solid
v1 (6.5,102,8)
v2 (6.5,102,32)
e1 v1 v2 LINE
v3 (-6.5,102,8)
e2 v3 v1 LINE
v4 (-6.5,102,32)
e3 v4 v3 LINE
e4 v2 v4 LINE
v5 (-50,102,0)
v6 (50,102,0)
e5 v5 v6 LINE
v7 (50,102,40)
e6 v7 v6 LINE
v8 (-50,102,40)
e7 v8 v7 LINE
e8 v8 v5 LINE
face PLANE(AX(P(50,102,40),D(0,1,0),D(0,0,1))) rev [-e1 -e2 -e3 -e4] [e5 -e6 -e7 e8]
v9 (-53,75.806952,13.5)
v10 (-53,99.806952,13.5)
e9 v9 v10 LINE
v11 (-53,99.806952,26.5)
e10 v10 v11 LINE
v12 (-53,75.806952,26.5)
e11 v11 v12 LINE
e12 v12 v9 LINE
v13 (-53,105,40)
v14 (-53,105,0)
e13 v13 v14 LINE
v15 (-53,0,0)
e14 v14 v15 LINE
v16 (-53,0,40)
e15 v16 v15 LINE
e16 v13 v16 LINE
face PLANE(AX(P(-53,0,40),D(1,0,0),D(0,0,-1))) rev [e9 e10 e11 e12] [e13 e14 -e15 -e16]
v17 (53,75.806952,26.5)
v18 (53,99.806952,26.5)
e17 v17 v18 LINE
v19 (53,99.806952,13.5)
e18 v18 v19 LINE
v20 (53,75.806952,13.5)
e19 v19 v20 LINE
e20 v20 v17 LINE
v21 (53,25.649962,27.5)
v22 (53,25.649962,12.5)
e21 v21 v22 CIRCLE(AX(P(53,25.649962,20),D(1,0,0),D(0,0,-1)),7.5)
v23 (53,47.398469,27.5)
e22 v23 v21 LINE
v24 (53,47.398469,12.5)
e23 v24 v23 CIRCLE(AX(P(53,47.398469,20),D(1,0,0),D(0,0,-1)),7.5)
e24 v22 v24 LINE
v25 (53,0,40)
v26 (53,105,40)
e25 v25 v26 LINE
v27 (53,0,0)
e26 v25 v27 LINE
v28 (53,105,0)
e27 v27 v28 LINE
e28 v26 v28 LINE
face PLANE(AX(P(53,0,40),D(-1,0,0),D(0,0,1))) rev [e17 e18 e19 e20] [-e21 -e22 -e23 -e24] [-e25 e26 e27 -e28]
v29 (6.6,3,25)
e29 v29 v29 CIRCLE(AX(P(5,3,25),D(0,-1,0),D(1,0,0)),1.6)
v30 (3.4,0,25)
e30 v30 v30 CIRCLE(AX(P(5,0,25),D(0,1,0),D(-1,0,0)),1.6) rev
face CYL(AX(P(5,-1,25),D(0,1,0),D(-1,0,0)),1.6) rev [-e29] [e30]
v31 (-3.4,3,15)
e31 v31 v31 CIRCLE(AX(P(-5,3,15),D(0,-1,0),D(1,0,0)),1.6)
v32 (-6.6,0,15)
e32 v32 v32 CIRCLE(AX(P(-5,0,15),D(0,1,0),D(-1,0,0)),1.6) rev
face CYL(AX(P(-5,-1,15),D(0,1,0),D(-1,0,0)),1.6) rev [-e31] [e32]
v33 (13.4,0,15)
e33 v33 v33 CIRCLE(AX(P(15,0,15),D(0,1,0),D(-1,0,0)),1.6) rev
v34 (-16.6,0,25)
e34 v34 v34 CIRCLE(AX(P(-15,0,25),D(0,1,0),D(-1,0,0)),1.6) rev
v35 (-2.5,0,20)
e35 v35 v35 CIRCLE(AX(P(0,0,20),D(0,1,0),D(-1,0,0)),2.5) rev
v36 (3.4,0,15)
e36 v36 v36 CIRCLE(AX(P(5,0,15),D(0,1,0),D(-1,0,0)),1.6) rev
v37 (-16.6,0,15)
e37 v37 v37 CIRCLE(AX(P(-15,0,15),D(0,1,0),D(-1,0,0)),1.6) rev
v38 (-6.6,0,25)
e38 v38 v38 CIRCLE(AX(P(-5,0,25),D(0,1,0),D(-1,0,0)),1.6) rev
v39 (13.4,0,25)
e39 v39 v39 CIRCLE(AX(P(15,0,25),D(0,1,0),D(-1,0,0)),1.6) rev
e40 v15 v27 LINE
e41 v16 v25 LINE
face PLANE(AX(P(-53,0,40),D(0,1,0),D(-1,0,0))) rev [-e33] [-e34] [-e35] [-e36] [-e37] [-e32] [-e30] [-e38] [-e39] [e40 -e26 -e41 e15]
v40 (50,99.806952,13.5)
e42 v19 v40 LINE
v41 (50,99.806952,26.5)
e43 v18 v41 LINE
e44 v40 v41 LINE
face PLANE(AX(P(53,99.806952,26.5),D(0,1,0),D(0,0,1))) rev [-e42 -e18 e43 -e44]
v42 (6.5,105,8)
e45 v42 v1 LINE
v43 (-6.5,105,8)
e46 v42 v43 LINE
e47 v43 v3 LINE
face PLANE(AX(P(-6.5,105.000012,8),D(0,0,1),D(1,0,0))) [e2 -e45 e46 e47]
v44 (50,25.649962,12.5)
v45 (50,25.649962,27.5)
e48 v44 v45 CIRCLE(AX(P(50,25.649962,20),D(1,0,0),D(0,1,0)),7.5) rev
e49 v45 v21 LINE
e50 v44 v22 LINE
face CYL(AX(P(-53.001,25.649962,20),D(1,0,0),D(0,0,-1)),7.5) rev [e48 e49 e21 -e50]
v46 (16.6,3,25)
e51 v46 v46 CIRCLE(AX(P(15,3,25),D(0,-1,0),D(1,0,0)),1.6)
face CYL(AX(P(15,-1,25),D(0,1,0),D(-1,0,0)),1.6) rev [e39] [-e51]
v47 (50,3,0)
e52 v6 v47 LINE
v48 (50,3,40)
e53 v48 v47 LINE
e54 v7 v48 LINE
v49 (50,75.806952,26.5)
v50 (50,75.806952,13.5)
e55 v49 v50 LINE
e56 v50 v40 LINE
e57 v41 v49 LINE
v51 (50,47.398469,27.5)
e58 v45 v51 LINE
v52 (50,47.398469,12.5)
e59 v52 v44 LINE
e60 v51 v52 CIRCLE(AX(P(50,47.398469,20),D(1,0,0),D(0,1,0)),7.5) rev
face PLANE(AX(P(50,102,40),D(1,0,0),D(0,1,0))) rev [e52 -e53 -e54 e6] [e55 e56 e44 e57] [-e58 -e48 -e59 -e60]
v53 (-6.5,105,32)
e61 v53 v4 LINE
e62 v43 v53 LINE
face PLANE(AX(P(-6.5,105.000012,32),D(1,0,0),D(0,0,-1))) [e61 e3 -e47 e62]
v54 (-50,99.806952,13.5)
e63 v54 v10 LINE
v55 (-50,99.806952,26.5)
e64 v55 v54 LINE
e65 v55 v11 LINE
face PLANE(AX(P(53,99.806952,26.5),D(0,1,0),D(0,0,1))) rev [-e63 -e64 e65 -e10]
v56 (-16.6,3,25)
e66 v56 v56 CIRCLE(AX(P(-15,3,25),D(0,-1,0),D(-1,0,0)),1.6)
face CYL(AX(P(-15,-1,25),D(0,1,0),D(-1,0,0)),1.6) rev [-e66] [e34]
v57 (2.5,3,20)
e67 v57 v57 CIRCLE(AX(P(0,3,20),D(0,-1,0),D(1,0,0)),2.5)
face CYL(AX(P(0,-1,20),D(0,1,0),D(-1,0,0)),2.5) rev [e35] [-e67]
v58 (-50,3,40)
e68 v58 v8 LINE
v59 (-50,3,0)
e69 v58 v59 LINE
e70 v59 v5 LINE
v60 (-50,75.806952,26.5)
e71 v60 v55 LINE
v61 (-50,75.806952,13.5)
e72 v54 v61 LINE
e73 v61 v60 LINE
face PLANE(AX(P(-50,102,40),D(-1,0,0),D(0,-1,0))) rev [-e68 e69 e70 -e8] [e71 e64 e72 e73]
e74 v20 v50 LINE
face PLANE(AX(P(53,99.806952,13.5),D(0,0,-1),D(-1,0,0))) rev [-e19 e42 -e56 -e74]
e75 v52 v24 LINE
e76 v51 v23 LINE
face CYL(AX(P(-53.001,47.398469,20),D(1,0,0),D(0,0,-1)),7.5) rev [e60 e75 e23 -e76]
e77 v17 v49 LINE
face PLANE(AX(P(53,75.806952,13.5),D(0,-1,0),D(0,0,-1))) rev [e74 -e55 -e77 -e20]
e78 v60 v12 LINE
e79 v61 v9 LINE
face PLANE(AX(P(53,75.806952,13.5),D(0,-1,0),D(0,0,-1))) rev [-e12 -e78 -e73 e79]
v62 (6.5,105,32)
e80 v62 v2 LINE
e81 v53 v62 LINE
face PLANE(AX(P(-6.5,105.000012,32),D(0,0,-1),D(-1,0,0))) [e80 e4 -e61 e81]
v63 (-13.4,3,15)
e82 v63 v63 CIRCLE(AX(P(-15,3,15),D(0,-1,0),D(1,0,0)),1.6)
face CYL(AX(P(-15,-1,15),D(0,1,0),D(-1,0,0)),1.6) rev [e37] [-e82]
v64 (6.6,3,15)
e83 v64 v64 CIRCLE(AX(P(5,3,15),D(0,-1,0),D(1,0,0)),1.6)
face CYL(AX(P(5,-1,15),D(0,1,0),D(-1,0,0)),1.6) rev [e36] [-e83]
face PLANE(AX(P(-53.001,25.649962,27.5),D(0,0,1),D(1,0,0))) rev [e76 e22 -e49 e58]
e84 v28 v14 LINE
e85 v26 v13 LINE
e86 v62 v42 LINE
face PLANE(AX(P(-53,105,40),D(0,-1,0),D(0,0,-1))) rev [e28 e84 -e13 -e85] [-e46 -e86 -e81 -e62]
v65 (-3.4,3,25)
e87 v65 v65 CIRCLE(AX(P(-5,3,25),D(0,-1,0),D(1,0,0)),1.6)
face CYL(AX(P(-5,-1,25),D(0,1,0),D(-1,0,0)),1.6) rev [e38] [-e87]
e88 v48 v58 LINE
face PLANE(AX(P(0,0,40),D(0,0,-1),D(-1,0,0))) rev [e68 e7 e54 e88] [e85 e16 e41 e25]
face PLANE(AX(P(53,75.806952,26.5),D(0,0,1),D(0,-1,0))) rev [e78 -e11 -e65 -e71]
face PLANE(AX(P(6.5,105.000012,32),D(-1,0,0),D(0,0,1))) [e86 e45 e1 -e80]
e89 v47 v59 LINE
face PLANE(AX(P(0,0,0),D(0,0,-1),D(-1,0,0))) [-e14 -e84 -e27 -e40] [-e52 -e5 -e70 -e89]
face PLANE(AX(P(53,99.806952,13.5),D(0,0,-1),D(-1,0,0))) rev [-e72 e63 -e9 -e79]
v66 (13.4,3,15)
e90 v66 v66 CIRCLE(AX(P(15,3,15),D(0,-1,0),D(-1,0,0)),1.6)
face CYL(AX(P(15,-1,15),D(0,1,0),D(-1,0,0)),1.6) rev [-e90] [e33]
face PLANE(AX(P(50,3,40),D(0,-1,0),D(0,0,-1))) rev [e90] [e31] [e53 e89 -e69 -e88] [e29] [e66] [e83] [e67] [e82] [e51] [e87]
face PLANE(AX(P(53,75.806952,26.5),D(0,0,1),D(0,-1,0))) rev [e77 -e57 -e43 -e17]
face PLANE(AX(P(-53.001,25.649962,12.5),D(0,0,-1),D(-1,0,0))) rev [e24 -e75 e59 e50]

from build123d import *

# Parameters (mm, degrees)
SKETCH_1_W                      = 106
SKETCH_1_H                      = 105
EXTRUDE_1_DEPTH                 = 40
CUT_EXTRUDE_1_DEPTH             = 125.233650836
CUT_EXTRUDE_1_DEPTH_BACK        = 125.233650836
SKETCH_3_W                      = 100
SKETCH_3_H                      = 99
CUT_EXTRUDE_3_DEPTH             = 1
CUT_EXTRUDE_3_DEPTH_BACK        = 3
SKETCH_7_R                      = 2.5
SKETCH_7_R_2                    = 1.6
CUT_EXTRUDE_4_REACH             = 126.234
SKETCH_6_W                      = 13
SKETCH_6_H                      = 24
CUT_EXTRUDE_4_DIRECTION_2_DEPTH = 125.233650836
CUT_EXTRUDE_5_DEPTH             = 155.470061824
CUT_EXTRUDE_5_DEPTH_BACK        = 155.470061824
SKETCH_10_W                     = 13
SKETCH_10_H                     = 24
CUT_EXTRUDE_6_REACH             = 156.47
CUT_EXTRUDE_6_DIRECTION_2_DEPTH = 155.470061824


with BuildPart() as part:
    # 草图1 → 凸台-拉伸1 (new body)
    with BuildSketch(Plane.XY):
        with Locations((0, 52.5)):
            Rectangle(SKETCH_1_W, SKETCH_1_H)
    extrude(amount=EXTRUDE_1_DEPTH)

    # 草图3 → 切除-拉伸1 (cut, two sides: drawn at the far end of the back side and taken through both)
    with BuildSketch(Plane(origin=(0, 0, 0), x_dir=(-1, 0, 0), z_dir=(0, 0, -1)).offset(-CUT_EXTRUDE_1_DEPTH_BACK)):
        with Locations((0, 52.5)):
            Rectangle(SKETCH_3_W, SKETCH_3_H)
    extrude(amount=CUT_EXTRUDE_1_DEPTH + CUT_EXTRUDE_1_DEPTH_BACK, mode=Mode.SUBTRACT)

    # 草图7 → 切除-拉伸3 (cut, two sides: drawn at the far end of the back side and taken through both)
    with BuildSketch(Plane.XZ.offset(-CUT_EXTRUDE_3_DEPTH_BACK)):
        with Locations(Location((0, 20, 0), (0, 0, 180))):
            Circle(SKETCH_7_R)
        with Locations(Location((5, 25, 0), (0, 0, 180))):
            Circle(SKETCH_7_R_2)
        with Locations(Location((5, 15, 0), (0, 0, 180))):
            Circle(SKETCH_7_R_2)
        with Locations(Location((-5, 15, 0), (0, 0, 180))):
            Circle(SKETCH_7_R_2)
        with Locations(Location((-5, 25, 0), (0, 0, 180))):
            Circle(SKETCH_7_R_2)
        with Locations(Location((15, 25, 0), (0, 0, 180))):
            Circle(SKETCH_7_R_2)
        with Locations(Location((-15, 25, 0), (0, 0, 180))):
            Circle(SKETCH_7_R_2)
        with Locations(Location((15, 15, 0), (0, 0, 180))):
            Circle(SKETCH_7_R_2)
        with Locations(Location((-15, 15, 0), (0, 0, 180))):
            Circle(SKETCH_7_R_2)
    extrude(amount=CUT_EXTRUDE_3_DEPTH + CUT_EXTRUDE_3_DEPTH_BACK, mode=Mode.SUBTRACT)

    # 草图6 → 切除-拉伸4 (cut, up to next)
    with BuildSketch(Plane(origin=(0, 105, 0), x_dir=(1, 0, 0), z_dir=(0, 1, 0)), mode=Mode.PRIVATE) as cut_extrude_4_sk1:
        with Locations((0, -20)):
            Rectangle(SKETCH_6_W, SKETCH_6_H)
    cut_extrude_4_tool1 = extrude(cut_extrude_4_sk1.sketch, amount=-CUT_EXTRUDE_4_REACH, mode=Mode.PRIVATE) & part.part
    add(cut_extrude_4_tool1.solids().sort_by_distance((0, 105, 20))[0], mode=Mode.SUBTRACT)

    # 草图6 → 切除-拉伸4 direction 2 (cut)
    with BuildSketch(Plane(origin=(0, 105, 0), x_dir=(1, 0, 0), z_dir=(0, 1, 0))):
        with Locations((0, -20)):
            Rectangle(SKETCH_6_W, SKETCH_6_H)
    extrude(amount=CUT_EXTRUDE_4_DIRECTION_2_DEPTH, mode=Mode.SUBTRACT)

    # 草图10 → 切除-拉伸5 (cut, two sides: drawn at the far end of the back side and taken through both)
    with BuildSketch(Plane.ZY.offset(53).offset(-CUT_EXTRUDE_5_DEPTH_BACK)):
        with Locations((20, 87.806952357)):
            Rectangle(SKETCH_10_W, SKETCH_10_H)
    extrude(amount=CUT_EXTRUDE_5_DEPTH + CUT_EXTRUDE_5_DEPTH_BACK, mode=Mode.SUBTRACT)

    # 草图12 → 切除-拉伸6 (cut, up to next)
    with BuildSketch(Plane(origin=(53, 0, 0), x_dir=(0, 0, -1), z_dir=(1, 0, 0)), mode=Mode.PRIVATE) as cut_extrude_6_sk1:
        with BuildLine():
            Line((-27.5, 25.649961527), (-27.5, 47.398469004))
            ThreePointArc((-27.5, 47.398469004), (-20, 54.898469004), (-12.5, 47.398469004))
            Line((-12.5, 47.398469004), (-12.5, 25.649961527))
            ThreePointArc((-12.5, 25.649961527), (-20, 18.149961527), (-27.5, 25.649961527))
        make_face()
    cut_extrude_6_tool1 = extrude(cut_extrude_6_sk1.sketch, amount=-CUT_EXTRUDE_6_REACH, mode=Mode.PRIVATE) & part.part
    add(cut_extrude_6_tool1.solids().sort_by_distance((53, 36.524215, 20))[0], mode=Mode.SUBTRACT)

    # 草图12 → 切除-拉伸6 direction 2 (cut)
    with BuildSketch(Plane(origin=(53, 0, 0), x_dir=(0, 0, -1), z_dir=(1, 0, 0))):
        with BuildLine():
            Line((-27.5, 25.649961527), (-27.5, 47.398469004))
            ThreePointArc((-27.5, 47.398469004), (-20, 54.898469004), (-12.5, 47.398469004))
            Line((-12.5, 47.398469004), (-12.5, 25.649961527))
            ThreePointArc((-12.5, 25.649961527), (-20, 18.149961527), (-27.5, 25.649961527))
        make_face()
    extrude(amount=CUT_EXTRUDE_6_DIRECTION_2_DEPTH, mode=Mode.SUBTRACT)


solid = part.part
